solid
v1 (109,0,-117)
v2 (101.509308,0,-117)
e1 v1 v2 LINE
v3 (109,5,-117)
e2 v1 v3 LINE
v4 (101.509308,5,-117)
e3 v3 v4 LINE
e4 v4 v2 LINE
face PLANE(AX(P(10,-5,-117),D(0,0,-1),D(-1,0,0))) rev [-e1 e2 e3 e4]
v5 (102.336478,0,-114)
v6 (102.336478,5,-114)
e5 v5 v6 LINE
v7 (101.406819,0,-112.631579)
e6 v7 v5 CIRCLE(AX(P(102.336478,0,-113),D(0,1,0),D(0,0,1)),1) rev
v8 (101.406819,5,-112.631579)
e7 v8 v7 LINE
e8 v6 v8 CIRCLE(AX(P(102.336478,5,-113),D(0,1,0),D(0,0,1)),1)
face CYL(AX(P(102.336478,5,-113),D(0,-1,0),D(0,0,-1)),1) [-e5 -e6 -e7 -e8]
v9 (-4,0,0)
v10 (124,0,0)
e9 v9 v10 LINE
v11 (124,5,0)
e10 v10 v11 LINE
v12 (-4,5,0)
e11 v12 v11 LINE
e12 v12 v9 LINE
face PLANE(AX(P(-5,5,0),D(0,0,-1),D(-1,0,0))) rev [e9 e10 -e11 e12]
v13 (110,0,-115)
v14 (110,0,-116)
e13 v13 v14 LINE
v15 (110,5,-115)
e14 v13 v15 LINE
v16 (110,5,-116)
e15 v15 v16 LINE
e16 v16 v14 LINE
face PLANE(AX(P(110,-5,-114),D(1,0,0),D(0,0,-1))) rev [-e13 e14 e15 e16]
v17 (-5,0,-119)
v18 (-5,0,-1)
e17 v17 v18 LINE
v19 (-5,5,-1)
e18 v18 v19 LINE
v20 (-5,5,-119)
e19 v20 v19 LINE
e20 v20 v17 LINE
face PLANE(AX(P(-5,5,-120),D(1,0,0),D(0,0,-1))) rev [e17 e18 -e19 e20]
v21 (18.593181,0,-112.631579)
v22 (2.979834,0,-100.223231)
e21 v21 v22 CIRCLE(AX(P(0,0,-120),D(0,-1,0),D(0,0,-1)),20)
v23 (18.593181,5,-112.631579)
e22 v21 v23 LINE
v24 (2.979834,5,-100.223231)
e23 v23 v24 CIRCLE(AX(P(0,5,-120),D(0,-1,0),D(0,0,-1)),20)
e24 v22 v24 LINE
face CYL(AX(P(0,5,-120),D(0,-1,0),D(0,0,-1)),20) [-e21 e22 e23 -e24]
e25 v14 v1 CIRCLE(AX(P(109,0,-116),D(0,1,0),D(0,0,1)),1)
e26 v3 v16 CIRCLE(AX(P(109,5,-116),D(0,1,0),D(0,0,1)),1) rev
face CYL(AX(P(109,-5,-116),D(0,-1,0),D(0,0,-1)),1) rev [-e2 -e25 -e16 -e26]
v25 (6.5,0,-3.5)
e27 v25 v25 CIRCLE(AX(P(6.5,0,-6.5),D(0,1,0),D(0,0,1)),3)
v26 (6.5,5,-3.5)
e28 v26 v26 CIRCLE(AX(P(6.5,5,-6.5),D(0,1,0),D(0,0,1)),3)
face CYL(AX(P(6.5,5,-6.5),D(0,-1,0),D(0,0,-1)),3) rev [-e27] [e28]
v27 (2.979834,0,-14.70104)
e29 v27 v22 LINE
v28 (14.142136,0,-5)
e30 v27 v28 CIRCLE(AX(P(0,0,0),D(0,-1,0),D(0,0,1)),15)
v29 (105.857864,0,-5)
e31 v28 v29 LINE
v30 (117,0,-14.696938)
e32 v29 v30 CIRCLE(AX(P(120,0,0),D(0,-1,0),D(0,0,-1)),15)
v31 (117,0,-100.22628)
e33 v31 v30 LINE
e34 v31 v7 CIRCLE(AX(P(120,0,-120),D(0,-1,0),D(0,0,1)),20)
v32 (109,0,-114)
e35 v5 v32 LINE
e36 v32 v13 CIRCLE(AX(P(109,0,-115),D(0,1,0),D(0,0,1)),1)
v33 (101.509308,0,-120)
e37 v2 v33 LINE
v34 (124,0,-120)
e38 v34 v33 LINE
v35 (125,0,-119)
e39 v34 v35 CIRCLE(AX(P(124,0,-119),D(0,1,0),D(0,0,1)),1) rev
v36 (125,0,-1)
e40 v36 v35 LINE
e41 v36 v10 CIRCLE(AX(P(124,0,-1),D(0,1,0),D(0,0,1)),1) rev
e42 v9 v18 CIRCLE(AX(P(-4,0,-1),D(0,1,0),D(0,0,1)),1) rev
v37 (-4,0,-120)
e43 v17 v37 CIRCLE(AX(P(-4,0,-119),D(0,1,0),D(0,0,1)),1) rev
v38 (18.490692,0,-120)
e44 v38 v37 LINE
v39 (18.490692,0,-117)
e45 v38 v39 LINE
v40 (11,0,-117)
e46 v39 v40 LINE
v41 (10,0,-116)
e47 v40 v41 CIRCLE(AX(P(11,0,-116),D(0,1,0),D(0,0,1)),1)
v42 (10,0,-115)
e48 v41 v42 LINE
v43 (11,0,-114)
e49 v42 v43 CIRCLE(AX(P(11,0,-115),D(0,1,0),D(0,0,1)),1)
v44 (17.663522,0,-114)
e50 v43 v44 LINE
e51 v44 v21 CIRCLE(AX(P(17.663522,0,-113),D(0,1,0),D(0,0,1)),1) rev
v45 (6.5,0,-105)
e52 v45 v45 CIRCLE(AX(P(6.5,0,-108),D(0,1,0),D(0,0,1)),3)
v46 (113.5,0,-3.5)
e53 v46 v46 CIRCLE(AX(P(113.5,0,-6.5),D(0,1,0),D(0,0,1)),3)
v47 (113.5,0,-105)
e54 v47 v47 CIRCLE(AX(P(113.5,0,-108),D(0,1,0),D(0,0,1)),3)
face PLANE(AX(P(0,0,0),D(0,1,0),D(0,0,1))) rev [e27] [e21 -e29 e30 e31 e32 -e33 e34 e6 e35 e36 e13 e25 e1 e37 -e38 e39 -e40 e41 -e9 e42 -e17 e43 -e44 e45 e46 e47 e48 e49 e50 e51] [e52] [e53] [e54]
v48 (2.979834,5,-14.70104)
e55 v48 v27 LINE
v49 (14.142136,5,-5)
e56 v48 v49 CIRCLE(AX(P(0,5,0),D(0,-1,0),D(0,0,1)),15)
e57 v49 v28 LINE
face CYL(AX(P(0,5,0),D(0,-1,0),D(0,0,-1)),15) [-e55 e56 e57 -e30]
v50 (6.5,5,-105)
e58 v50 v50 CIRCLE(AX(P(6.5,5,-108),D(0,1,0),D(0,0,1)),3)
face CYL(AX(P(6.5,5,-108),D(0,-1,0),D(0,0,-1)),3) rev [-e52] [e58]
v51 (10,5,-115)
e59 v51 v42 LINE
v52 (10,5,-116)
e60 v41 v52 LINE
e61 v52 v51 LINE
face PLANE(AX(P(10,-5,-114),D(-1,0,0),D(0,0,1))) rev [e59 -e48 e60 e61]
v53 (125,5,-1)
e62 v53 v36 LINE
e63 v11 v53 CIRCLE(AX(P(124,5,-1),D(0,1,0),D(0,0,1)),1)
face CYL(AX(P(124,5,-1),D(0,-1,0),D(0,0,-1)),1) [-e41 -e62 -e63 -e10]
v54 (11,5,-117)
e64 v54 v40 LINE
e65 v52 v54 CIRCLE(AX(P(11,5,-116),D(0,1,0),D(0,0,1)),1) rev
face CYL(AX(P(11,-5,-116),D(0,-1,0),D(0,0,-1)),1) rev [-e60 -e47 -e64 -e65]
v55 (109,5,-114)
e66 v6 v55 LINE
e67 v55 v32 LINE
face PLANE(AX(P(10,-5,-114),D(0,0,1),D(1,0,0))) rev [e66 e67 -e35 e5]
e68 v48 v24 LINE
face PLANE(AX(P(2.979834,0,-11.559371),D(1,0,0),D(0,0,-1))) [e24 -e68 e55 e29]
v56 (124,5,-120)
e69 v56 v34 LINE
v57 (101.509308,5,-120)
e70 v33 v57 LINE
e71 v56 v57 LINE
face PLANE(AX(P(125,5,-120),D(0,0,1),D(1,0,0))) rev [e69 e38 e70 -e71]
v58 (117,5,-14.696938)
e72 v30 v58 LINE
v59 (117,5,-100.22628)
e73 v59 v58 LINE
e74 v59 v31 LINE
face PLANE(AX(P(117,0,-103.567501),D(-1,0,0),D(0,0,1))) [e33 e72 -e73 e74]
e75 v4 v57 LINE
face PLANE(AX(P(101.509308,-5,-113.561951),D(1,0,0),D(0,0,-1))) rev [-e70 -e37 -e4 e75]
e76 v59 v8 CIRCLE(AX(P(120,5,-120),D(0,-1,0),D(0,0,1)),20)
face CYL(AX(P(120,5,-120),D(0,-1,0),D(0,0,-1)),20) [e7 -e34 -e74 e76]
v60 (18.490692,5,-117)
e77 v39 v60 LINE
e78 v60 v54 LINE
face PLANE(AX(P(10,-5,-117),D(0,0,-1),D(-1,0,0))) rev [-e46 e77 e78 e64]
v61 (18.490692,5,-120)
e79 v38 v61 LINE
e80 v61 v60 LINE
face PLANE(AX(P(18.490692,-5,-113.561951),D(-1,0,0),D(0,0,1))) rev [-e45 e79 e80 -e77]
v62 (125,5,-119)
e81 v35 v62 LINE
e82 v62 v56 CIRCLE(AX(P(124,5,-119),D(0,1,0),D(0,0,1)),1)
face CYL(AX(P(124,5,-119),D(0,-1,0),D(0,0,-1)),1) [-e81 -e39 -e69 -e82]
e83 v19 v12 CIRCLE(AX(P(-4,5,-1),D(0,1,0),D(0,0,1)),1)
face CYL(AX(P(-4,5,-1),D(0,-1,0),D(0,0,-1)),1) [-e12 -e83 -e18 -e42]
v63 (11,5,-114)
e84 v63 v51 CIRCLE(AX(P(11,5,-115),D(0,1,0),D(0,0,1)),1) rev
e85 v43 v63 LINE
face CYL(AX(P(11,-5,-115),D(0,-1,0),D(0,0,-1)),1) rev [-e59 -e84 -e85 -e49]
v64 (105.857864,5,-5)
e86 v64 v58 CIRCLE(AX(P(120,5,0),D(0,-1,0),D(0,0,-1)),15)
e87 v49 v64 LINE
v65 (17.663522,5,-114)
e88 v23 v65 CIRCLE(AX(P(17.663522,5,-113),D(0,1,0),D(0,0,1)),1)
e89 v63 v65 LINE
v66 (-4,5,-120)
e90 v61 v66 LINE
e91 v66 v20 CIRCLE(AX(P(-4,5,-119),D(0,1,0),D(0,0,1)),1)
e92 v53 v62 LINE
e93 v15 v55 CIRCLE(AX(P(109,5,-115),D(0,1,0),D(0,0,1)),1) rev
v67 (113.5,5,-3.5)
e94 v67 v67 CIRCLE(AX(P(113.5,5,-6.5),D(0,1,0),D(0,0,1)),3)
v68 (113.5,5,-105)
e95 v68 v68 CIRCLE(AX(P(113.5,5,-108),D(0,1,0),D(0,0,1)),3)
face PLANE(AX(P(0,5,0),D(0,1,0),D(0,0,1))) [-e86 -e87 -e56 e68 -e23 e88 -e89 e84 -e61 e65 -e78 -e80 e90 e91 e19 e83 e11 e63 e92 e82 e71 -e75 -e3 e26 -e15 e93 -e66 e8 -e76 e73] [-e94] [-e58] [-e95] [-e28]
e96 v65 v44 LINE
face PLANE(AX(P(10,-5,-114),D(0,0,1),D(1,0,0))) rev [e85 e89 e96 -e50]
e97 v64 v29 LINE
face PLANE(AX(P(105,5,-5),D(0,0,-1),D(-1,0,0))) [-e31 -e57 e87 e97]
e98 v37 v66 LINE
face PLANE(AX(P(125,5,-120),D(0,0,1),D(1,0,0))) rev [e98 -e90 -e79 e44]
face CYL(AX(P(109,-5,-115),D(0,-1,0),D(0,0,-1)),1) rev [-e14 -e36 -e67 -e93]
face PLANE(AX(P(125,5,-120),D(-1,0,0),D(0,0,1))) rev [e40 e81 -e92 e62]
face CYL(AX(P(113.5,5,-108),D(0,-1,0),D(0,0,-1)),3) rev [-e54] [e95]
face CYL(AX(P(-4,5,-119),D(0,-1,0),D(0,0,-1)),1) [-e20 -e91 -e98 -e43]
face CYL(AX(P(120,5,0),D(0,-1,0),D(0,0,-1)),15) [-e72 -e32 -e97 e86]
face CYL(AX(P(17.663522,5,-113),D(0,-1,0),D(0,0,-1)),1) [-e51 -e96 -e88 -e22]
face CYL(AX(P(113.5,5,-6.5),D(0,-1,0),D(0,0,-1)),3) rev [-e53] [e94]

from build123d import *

# Parameters (mm, degrees)
SKETCH1_W           = 130
SKETCH1_H           = 120
SKETCH1_R           = 3
BOSS_EXTRUDE1_DEPTH = 5
SKETCH2_W           = 100
SKETCH2_H           = 3
CUT_EXTRUDE1_DEPTH  = 10
FILLET1_R           = 1
FILLET2_R           = 1
FILLET3_R           = 1
SKETCH3_W           = 83.01861615
SKETCH3_H           = 6.438048513
CUT_EXTRUDE2_DEPTH  = 10
SKETCH4_W           = 3
SKETCH4_H           = 92.008130055
BOSS_EXTRUDE2_DEPTH = 5
FILLET4_R           = 1


with BuildPart() as part:
    # Sketch1 → Boss-Extrude1 (new body)
    with BuildSketch(Plane(origin=(0, 0, 0), x_dir=(1, 0, 0), z_dir=(0, 1, 0))):
        with Locations((60, 60)):
            Rectangle(SKETCH1_W, SKETCH1_H)
        with Locations(Location((6.5, 6.5, 0), (0, 0, 270))):
            Circle(SKETCH1_R, mode=Mode.SUBTRACT)
        with Locations(Location((113.5, 6.5, 0), (0, 0, 270))):
            Circle(SKETCH1_R, mode=Mode.SUBTRACT)
        with Locations(Location((6.5, 108, 0), (0, 0, 270))):
            Circle(SKETCH1_R, mode=Mode.SUBTRACT)
        with Locations(Location((113.5, 108, 0), (0, 0, 270))):
            Circle(SKETCH1_R, mode=Mode.SUBTRACT)
        with BuildLine():
            Line((0, 100), (0, 15))
            ThreePointArc((0, 15), (8.660254038, 12.247448714), (14.142135624, 5))
            Line((14.142135624, 5), (15, 5))
            Line((15, 5), (105, 5))
            Line((105, 5), (105.857864376, 5))
            ThreePointArc((105.857864376, 5), (111.339745962, 12.247448714), (120, 15))
            Line((120, 15), (120, 100))
            ThreePointArc((120, 100), (107.752551286, 104.188611699), (100.635083269, 115))
            Line((100.635083269, 115), (100, 115))
            Line((100, 115), (20, 115))
            Line((20, 115), (19.364916731, 115))
            ThreePointArc((19.364916731, 115), (12.247448714, 104.188611699), (0, 100))
        make_face(mode=Mode.SUBTRACT)
    extrude(amount=BOSS_EXTRUDE1_DEPTH)

    # Sketch2 → Cut-Extrude1 (cut)
    with BuildSketch(Plane(origin=(0, 5, 0), x_dir=(1, 0, 0), z_dir=(0, 1, 0))):
        with Locations((60, 115.5)):
            Rectangle(SKETCH2_W, SKETCH2_H)
    extrude(amount=-CUT_EXTRUDE1_DEPTH, mode=Mode.SUBTRACT)

    # Fillet1
    fillet1_edges = [part.edges().sort_by_distance(p)[0] for p in [
        (10, 2.5, -114),
        (10, 2.5, -117),
        (110, 2.5, -117),
        (110, 2.5, -114),
    ]]
    fillet(fillet1_edges, radius=FILLET1_R)

    # Fillet2
    fillet2_edges = [part.edges().sort_by_distance(p)[0] for p in [
        (19.078784028, 2.5, -114),
    ]]
    fillet(fillet2_edges, radius=FILLET2_R)

    # Fillet3
    fillet3_edges = [part.edges().sort_by_distance(p)[0] for p in [
        (100.921215972, 2.5, -114),
    ]]
    fillet(fillet3_edges, radius=FILLET3_R)

    # Sketch3 → Cut-Extrude2 (cut)
    with BuildSketch(Plane(origin=(0, 5, 0), x_dir=(1, 0, 0), z_dir=(0, 1, 0))):
        with Locations((60, 116.780975744)):
            Rectangle(SKETCH3_W, SKETCH3_H)
    extrude(amount=-CUT_EXTRUDE2_DEPTH, mode=Mode.SUBTRACT)

    # Sketch4 → Boss-Extrude2 (add)
    with BuildSketch(Plane(origin=(0, 5, 0), x_dir=(1, 0, 0), z_dir=(0, 1, 0))):
        with Locations((118.5, 57.563435723)):
            Rectangle(SKETCH4_W, SKETCH4_H)
        with Locations((1.479834165, 57.563435723)):
            Rectangle(SKETCH4_W, SKETCH4_H)
    extrude(amount=-BOSS_EXTRUDE2_DEPTH)

    # Fillet4
    fillet4_edges = [part.edges().sort_by_distance(p)[0] for p in [
        (125, 2.5, -120),
        (125, 2.5, 0),
        (-5, 2.5, 0),
        (-5, 2.5, -120),
    ]]
    fillet(fillet4_edges, radius=FILLET4_R)


solid = part.part
